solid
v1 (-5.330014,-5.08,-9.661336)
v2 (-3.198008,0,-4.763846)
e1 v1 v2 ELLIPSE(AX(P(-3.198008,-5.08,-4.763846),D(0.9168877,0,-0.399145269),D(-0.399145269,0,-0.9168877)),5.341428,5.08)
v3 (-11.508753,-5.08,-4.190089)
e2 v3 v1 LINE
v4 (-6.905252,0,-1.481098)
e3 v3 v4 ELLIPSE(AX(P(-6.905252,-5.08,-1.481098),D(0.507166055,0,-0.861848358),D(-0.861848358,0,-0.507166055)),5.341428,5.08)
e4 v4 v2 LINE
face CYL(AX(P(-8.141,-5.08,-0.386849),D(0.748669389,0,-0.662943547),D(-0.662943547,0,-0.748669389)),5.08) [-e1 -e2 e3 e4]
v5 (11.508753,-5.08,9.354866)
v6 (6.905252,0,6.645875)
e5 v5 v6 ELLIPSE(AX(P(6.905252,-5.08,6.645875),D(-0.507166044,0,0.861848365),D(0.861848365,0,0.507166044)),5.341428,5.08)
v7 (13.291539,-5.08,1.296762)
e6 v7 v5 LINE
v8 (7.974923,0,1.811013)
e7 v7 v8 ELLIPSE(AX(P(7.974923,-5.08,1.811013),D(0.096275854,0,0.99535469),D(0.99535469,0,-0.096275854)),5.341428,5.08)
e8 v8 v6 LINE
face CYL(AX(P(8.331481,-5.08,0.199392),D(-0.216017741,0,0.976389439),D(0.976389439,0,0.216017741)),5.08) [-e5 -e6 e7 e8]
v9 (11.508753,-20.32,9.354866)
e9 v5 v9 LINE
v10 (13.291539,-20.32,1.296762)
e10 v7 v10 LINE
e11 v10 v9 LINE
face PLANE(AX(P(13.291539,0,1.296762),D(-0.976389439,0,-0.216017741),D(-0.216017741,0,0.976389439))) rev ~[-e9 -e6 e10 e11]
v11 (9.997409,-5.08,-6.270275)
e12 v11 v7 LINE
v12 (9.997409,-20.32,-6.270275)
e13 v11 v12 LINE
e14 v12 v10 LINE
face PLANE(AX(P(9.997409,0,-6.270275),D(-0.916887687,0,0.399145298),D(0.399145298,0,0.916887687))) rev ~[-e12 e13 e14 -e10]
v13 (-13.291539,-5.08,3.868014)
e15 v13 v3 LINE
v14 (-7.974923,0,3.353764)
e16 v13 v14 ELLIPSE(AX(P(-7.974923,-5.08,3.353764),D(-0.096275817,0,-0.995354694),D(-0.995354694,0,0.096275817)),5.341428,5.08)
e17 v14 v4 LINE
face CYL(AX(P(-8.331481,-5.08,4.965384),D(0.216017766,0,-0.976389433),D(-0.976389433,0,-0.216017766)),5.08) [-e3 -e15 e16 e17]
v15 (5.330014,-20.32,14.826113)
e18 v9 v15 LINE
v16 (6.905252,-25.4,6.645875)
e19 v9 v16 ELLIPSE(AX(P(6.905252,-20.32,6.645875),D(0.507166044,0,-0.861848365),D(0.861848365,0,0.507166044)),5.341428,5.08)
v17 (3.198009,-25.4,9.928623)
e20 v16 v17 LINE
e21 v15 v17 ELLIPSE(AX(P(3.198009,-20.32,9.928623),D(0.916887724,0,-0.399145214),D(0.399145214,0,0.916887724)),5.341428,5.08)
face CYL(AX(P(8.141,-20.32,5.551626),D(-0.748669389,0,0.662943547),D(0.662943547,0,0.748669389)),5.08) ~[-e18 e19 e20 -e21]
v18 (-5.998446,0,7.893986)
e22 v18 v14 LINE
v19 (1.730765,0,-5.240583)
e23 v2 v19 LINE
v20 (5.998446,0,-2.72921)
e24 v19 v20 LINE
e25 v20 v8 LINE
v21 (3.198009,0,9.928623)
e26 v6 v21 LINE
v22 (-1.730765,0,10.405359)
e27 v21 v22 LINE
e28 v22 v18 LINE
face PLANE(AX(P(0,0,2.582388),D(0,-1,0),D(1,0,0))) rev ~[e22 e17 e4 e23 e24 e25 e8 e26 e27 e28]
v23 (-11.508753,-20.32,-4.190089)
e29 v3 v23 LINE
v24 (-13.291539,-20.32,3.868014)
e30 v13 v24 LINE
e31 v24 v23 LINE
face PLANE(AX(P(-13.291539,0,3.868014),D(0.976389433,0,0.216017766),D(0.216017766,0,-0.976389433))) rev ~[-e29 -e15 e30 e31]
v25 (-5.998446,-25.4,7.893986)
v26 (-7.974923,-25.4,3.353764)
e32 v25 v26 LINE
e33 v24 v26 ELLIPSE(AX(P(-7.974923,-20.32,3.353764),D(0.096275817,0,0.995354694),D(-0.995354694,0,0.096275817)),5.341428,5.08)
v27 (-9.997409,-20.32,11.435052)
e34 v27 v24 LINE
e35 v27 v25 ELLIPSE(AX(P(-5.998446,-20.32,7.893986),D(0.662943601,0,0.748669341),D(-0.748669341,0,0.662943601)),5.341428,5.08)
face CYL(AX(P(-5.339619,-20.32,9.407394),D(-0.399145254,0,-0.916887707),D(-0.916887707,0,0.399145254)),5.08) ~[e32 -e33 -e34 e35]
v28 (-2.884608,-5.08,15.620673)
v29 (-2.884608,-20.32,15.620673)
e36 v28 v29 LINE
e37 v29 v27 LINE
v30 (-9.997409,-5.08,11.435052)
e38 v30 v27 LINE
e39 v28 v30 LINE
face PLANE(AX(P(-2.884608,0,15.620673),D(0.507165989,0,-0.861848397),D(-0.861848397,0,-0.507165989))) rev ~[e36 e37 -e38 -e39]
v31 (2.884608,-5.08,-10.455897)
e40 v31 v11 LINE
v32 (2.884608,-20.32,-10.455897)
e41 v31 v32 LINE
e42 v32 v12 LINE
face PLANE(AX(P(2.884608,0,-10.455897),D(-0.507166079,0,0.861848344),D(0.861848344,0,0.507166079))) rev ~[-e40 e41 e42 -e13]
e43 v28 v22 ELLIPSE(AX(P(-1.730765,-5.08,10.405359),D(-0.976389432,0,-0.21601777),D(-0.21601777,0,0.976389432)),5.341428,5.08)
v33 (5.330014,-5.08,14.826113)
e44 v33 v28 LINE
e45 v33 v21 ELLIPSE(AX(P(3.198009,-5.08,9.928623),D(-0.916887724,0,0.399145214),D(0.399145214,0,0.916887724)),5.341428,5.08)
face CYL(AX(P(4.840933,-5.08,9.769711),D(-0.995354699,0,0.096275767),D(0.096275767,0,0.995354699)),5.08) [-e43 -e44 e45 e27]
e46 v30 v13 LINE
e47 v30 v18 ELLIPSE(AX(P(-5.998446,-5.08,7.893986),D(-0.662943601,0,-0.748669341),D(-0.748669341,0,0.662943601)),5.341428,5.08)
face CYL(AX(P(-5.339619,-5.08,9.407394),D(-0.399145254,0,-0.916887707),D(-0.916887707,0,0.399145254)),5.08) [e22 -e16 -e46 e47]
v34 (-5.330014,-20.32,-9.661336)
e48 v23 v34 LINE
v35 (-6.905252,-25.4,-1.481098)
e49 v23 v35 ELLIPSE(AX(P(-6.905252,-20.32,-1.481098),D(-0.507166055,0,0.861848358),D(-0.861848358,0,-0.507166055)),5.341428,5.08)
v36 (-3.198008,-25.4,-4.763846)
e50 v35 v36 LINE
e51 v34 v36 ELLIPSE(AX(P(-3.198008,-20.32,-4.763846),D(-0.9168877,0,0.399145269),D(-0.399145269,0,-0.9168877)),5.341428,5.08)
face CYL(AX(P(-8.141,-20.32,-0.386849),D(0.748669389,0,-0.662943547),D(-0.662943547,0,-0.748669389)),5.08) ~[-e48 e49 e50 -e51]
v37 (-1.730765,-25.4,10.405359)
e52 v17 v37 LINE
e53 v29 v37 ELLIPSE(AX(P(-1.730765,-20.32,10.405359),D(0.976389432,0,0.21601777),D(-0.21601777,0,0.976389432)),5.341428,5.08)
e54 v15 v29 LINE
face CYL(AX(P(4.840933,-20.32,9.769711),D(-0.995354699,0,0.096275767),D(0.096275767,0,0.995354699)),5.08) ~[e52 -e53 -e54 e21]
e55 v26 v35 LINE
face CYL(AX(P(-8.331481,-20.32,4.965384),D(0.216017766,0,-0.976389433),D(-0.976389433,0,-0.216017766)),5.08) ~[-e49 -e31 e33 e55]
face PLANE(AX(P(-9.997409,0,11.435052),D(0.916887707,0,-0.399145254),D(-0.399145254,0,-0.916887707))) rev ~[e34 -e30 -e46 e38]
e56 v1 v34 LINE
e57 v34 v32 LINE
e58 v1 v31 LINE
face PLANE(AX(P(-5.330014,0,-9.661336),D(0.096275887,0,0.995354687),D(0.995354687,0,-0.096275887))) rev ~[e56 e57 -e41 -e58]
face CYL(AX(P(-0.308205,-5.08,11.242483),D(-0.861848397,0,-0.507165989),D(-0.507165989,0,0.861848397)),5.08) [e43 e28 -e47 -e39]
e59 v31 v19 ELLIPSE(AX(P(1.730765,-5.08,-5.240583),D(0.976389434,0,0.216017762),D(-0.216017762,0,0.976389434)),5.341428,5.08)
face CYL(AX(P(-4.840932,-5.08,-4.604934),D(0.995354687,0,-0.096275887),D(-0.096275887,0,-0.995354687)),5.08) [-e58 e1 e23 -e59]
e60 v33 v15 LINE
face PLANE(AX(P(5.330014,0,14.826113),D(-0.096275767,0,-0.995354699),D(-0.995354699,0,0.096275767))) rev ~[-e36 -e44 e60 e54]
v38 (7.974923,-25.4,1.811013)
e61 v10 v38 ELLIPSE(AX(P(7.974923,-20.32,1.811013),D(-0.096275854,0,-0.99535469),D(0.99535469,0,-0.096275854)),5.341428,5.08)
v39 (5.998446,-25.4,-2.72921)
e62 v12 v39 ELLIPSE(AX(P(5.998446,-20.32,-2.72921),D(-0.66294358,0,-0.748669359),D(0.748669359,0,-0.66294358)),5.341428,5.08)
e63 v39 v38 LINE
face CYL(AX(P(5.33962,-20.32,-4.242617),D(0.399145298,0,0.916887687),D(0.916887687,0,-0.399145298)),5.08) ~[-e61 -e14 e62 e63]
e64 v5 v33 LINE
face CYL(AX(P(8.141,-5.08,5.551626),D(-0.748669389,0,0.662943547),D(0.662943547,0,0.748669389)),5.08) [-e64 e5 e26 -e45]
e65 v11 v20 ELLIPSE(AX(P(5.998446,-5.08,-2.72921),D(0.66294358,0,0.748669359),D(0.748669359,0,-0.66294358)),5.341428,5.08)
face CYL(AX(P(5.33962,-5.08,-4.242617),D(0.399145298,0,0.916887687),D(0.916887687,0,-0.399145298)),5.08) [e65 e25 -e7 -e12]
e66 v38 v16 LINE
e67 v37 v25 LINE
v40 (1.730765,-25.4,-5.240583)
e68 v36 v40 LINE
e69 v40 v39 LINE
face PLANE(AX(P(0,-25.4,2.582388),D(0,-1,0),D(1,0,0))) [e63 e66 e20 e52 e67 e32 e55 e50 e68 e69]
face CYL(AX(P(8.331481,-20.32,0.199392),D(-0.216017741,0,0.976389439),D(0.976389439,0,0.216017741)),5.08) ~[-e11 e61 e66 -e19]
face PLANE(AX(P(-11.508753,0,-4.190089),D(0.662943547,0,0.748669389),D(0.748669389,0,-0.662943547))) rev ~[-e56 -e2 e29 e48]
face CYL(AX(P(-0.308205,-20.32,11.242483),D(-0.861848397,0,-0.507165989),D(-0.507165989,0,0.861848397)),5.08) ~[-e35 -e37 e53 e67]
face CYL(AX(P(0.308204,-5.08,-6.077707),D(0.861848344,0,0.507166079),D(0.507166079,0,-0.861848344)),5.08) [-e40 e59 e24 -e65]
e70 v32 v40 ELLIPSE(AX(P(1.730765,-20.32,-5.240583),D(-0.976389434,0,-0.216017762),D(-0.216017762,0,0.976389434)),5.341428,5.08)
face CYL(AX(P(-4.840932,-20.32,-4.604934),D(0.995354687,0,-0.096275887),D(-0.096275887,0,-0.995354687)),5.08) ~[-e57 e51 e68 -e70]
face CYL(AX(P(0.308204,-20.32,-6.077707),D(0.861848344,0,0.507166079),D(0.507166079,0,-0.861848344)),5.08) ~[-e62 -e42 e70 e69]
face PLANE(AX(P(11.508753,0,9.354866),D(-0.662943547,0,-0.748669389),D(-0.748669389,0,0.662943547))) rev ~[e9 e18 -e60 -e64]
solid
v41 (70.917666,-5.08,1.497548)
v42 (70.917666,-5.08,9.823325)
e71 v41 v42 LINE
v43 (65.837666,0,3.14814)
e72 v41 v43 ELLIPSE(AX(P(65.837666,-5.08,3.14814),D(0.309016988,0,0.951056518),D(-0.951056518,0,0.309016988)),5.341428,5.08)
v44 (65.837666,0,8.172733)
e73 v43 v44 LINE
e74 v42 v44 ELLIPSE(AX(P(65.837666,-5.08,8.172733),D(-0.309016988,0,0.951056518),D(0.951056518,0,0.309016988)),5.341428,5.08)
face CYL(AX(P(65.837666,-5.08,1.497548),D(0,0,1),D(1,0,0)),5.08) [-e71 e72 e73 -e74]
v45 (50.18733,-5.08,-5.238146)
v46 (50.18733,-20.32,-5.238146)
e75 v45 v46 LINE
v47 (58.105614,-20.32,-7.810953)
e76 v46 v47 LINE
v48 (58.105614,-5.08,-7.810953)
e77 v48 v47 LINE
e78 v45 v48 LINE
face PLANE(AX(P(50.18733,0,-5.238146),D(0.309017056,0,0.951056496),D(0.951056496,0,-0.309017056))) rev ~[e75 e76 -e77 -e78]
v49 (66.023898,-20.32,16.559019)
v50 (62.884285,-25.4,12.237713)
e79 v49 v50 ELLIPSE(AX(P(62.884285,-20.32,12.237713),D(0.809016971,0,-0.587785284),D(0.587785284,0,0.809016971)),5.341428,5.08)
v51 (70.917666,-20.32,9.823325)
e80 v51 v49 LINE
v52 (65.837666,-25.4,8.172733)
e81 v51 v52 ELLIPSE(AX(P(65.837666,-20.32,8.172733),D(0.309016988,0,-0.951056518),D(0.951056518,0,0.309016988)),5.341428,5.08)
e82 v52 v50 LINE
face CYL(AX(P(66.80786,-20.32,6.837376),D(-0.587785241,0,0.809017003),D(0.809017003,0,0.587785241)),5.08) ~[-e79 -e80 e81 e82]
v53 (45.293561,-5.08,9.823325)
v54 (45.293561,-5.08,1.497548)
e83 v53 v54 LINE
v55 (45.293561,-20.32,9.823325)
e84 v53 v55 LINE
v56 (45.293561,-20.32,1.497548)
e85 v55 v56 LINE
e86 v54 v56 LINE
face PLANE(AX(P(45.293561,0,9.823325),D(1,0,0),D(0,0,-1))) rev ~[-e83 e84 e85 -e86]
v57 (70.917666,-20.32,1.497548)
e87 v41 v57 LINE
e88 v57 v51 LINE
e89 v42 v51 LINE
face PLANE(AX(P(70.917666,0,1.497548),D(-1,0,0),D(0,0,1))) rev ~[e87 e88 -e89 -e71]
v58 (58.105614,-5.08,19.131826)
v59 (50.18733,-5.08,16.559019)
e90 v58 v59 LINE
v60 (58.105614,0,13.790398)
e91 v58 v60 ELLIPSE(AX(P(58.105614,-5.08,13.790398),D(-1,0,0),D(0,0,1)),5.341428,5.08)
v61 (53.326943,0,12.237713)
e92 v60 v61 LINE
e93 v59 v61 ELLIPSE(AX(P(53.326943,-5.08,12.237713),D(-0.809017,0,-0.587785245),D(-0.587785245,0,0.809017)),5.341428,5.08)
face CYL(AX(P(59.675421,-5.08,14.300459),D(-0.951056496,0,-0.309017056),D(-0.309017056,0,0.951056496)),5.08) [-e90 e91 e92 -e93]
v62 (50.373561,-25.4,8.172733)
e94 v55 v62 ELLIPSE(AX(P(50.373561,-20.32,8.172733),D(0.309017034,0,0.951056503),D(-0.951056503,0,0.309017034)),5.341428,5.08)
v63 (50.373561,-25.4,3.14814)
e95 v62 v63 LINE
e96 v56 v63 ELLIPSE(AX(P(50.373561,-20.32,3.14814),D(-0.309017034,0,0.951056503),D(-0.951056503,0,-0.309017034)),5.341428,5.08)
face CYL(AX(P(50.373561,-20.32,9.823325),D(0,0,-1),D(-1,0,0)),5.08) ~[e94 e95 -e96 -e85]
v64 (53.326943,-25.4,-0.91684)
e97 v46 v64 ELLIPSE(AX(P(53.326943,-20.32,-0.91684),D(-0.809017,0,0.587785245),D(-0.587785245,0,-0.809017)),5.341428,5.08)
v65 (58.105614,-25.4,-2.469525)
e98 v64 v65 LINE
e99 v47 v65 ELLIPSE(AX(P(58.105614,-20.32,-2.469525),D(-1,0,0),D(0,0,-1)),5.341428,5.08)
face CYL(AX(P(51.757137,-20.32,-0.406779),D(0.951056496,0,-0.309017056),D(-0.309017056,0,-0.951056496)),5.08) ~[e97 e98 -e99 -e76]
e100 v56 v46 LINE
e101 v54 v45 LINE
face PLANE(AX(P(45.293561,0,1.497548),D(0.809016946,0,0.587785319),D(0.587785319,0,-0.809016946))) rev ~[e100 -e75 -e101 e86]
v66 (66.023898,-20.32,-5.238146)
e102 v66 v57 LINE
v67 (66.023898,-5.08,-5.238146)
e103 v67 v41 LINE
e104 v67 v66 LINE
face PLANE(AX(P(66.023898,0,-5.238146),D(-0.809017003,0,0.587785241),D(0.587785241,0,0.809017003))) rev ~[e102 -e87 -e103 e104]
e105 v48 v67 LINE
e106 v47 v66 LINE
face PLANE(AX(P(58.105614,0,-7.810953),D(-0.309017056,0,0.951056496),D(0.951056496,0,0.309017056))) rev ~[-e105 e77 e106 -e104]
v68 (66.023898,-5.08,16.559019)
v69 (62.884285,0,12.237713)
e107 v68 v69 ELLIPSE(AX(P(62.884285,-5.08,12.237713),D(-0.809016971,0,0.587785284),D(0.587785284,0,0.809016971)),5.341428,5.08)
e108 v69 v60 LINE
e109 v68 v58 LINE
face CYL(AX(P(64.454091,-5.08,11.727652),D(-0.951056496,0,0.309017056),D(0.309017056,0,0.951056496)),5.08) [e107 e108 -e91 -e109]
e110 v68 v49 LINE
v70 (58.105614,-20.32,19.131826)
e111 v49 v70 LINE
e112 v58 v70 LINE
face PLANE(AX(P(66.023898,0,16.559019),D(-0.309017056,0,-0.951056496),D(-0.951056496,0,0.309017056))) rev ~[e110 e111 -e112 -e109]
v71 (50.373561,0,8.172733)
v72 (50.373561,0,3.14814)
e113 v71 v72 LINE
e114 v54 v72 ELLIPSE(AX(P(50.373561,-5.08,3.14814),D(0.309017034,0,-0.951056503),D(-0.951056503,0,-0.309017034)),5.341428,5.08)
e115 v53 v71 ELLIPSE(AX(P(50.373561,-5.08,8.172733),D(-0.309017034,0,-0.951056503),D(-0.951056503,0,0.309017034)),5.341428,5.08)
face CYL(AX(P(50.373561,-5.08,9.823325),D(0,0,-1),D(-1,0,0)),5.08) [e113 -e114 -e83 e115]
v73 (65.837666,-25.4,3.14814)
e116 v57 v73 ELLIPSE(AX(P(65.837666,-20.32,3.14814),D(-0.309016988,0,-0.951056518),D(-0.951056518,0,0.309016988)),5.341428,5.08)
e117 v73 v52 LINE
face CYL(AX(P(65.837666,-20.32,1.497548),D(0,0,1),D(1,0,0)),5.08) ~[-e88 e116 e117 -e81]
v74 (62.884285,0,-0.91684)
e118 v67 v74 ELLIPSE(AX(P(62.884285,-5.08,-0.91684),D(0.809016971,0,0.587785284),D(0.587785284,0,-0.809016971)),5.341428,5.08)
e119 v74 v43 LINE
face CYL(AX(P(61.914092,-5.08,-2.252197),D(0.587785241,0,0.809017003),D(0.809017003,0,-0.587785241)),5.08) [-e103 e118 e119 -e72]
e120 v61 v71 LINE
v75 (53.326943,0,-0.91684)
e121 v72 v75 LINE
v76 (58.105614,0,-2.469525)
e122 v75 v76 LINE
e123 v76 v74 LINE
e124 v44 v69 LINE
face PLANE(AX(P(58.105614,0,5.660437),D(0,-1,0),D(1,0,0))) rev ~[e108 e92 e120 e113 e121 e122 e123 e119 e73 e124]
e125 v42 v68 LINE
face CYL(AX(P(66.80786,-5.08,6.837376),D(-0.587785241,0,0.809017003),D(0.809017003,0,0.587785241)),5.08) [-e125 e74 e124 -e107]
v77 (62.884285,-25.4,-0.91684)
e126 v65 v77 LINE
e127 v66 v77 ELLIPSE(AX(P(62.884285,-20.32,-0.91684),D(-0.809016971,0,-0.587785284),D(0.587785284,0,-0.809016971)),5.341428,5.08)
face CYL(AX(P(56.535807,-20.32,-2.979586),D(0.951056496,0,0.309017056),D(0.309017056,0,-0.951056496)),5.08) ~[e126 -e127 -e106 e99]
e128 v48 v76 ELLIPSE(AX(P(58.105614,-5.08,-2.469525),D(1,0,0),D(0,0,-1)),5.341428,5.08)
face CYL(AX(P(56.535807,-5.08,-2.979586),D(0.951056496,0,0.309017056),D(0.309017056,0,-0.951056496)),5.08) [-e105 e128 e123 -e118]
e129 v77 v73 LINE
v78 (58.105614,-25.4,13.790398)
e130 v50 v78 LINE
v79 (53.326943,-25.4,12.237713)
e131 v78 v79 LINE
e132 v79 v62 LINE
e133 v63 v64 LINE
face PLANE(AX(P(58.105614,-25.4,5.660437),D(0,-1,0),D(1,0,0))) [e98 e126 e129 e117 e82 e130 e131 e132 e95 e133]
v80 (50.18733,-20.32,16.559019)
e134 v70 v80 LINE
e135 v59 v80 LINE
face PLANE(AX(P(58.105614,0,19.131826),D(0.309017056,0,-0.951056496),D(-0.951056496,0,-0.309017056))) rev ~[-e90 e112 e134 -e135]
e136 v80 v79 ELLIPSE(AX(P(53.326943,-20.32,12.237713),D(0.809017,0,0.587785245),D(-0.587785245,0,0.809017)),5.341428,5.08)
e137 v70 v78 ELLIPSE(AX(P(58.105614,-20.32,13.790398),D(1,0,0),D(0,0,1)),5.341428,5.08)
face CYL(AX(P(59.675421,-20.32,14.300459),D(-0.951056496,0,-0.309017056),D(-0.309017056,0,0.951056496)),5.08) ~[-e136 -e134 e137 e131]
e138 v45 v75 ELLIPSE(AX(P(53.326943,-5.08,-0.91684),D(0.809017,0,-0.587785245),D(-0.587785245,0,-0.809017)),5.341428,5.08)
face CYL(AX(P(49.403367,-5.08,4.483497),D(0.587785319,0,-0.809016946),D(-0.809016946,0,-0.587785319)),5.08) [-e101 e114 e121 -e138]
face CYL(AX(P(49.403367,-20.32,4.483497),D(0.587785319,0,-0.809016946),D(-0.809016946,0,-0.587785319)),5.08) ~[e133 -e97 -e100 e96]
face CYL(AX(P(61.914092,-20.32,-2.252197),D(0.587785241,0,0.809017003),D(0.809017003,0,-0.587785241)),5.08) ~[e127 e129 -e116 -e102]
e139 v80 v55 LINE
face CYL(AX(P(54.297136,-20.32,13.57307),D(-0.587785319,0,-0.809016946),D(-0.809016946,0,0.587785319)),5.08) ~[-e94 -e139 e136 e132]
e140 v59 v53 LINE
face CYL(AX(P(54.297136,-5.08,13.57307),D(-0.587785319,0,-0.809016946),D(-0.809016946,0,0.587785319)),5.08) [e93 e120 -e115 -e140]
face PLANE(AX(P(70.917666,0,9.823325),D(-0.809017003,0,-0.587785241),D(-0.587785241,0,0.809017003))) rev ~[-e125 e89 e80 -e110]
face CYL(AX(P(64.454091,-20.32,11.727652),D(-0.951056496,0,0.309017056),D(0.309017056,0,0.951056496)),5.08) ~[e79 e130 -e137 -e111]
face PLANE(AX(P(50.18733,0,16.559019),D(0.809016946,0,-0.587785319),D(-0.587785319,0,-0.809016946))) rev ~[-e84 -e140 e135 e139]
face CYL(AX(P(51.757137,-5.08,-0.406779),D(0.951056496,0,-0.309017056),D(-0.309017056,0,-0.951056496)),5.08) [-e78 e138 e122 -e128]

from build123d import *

# Parameters (mm, degrees)
F1_DEPTH = 25.4
F2_R     = 5.08


with BuildPart() as f1:
    # F0 (on Front) → F1 (new body)
    with BuildSketch(Plane.XZ):
        Polygon((13.291539, 1.296762), (11.508753, 9.354866), (5.330014, 14.826113), (-2.884608, 15.620673), (-9.997409, 11.435052), (-13.291539, 3.868014), (-11.508753, -4.190089), (-5.330014, -9.661336), (2.884608, -10.455897), (9.997409, -6.270275), align=None)
        Polygon((70.917666, 1.497548), (70.917666, 9.823325), (66.023898, 16.559019), (58.105614, 19.131826), (50.18733, 16.559019), (45.293561, 9.823325), (45.293561, 1.497548), (50.18733, -5.238146), (58.105614, -7.810953), (66.023898, -5.238146), align=None)
    extrude(amount=F1_DEPTH)

    # F2
    f2_edges = [f1.edges().sort_by_distance(p)[0] for p in [
        (6.441009, -25.4, -8.363086),
        (11.644474, -25.4, -2.486756),
        (12.400146, -25.4, 5.325814),
        (8.419384, -25.4, 12.090489),
        (1.222703, -25.4, 15.223393),
        (-6.441009, -25.4, 13.527863),
        (-11.644474, -25.4, 7.651533),
        (-12.400146, -25.4, -0.161037),
        (-8.419384, -25.4, -6.925712),
        (-1.222703, -25.4, -10.058616),
        (70.917666, -25.4, 5.660437),
        (68.470782, -25.4, 13.191172),
        (62.064756, -25.4, 17.845423),
        (54.146472, -25.4, 17.845423),
        (47.740446, -25.4, 13.191172),
        (45.293561, -25.4, 5.660437),
        (47.740446, -25.4, -1.870299),
        (54.146472, -25.4, -6.524549),
        (62.064756, -25.4, -6.524549),
        (68.470782, -25.4, -1.870299),
        (6.441009, 0, -8.363086),
        (11.644474, 0, -2.486756),
        (12.400146, 0, 5.325814),
        (8.419384, 0, 12.090489),
        (1.222703, 0, 15.223393),
        (-6.441009, 0, 13.527863),
        (-11.644474, 0, 7.651533),
        (-12.400146, 0, -0.161037),
        (-8.419384, 0, -6.925712),
        (-1.222703, 0, -10.058616),
        (70.917666, 0, 5.660437),
        (68.470782, 0, 13.191172),
        (62.064756, 0, 17.845423),
        (54.146472, 0, 17.845423),
        (47.740446, 0, 13.191172),
        (45.293561, 0, 5.660437),
        (47.740446, 0, -1.870299),
        (54.146472, 0, -6.524549),
        (62.064756, 0, -6.524549),
        (68.470782, 0, -1.870299),
    ]]
    fillet(f2_edges, radius=F2_R)


solid = f1.part
